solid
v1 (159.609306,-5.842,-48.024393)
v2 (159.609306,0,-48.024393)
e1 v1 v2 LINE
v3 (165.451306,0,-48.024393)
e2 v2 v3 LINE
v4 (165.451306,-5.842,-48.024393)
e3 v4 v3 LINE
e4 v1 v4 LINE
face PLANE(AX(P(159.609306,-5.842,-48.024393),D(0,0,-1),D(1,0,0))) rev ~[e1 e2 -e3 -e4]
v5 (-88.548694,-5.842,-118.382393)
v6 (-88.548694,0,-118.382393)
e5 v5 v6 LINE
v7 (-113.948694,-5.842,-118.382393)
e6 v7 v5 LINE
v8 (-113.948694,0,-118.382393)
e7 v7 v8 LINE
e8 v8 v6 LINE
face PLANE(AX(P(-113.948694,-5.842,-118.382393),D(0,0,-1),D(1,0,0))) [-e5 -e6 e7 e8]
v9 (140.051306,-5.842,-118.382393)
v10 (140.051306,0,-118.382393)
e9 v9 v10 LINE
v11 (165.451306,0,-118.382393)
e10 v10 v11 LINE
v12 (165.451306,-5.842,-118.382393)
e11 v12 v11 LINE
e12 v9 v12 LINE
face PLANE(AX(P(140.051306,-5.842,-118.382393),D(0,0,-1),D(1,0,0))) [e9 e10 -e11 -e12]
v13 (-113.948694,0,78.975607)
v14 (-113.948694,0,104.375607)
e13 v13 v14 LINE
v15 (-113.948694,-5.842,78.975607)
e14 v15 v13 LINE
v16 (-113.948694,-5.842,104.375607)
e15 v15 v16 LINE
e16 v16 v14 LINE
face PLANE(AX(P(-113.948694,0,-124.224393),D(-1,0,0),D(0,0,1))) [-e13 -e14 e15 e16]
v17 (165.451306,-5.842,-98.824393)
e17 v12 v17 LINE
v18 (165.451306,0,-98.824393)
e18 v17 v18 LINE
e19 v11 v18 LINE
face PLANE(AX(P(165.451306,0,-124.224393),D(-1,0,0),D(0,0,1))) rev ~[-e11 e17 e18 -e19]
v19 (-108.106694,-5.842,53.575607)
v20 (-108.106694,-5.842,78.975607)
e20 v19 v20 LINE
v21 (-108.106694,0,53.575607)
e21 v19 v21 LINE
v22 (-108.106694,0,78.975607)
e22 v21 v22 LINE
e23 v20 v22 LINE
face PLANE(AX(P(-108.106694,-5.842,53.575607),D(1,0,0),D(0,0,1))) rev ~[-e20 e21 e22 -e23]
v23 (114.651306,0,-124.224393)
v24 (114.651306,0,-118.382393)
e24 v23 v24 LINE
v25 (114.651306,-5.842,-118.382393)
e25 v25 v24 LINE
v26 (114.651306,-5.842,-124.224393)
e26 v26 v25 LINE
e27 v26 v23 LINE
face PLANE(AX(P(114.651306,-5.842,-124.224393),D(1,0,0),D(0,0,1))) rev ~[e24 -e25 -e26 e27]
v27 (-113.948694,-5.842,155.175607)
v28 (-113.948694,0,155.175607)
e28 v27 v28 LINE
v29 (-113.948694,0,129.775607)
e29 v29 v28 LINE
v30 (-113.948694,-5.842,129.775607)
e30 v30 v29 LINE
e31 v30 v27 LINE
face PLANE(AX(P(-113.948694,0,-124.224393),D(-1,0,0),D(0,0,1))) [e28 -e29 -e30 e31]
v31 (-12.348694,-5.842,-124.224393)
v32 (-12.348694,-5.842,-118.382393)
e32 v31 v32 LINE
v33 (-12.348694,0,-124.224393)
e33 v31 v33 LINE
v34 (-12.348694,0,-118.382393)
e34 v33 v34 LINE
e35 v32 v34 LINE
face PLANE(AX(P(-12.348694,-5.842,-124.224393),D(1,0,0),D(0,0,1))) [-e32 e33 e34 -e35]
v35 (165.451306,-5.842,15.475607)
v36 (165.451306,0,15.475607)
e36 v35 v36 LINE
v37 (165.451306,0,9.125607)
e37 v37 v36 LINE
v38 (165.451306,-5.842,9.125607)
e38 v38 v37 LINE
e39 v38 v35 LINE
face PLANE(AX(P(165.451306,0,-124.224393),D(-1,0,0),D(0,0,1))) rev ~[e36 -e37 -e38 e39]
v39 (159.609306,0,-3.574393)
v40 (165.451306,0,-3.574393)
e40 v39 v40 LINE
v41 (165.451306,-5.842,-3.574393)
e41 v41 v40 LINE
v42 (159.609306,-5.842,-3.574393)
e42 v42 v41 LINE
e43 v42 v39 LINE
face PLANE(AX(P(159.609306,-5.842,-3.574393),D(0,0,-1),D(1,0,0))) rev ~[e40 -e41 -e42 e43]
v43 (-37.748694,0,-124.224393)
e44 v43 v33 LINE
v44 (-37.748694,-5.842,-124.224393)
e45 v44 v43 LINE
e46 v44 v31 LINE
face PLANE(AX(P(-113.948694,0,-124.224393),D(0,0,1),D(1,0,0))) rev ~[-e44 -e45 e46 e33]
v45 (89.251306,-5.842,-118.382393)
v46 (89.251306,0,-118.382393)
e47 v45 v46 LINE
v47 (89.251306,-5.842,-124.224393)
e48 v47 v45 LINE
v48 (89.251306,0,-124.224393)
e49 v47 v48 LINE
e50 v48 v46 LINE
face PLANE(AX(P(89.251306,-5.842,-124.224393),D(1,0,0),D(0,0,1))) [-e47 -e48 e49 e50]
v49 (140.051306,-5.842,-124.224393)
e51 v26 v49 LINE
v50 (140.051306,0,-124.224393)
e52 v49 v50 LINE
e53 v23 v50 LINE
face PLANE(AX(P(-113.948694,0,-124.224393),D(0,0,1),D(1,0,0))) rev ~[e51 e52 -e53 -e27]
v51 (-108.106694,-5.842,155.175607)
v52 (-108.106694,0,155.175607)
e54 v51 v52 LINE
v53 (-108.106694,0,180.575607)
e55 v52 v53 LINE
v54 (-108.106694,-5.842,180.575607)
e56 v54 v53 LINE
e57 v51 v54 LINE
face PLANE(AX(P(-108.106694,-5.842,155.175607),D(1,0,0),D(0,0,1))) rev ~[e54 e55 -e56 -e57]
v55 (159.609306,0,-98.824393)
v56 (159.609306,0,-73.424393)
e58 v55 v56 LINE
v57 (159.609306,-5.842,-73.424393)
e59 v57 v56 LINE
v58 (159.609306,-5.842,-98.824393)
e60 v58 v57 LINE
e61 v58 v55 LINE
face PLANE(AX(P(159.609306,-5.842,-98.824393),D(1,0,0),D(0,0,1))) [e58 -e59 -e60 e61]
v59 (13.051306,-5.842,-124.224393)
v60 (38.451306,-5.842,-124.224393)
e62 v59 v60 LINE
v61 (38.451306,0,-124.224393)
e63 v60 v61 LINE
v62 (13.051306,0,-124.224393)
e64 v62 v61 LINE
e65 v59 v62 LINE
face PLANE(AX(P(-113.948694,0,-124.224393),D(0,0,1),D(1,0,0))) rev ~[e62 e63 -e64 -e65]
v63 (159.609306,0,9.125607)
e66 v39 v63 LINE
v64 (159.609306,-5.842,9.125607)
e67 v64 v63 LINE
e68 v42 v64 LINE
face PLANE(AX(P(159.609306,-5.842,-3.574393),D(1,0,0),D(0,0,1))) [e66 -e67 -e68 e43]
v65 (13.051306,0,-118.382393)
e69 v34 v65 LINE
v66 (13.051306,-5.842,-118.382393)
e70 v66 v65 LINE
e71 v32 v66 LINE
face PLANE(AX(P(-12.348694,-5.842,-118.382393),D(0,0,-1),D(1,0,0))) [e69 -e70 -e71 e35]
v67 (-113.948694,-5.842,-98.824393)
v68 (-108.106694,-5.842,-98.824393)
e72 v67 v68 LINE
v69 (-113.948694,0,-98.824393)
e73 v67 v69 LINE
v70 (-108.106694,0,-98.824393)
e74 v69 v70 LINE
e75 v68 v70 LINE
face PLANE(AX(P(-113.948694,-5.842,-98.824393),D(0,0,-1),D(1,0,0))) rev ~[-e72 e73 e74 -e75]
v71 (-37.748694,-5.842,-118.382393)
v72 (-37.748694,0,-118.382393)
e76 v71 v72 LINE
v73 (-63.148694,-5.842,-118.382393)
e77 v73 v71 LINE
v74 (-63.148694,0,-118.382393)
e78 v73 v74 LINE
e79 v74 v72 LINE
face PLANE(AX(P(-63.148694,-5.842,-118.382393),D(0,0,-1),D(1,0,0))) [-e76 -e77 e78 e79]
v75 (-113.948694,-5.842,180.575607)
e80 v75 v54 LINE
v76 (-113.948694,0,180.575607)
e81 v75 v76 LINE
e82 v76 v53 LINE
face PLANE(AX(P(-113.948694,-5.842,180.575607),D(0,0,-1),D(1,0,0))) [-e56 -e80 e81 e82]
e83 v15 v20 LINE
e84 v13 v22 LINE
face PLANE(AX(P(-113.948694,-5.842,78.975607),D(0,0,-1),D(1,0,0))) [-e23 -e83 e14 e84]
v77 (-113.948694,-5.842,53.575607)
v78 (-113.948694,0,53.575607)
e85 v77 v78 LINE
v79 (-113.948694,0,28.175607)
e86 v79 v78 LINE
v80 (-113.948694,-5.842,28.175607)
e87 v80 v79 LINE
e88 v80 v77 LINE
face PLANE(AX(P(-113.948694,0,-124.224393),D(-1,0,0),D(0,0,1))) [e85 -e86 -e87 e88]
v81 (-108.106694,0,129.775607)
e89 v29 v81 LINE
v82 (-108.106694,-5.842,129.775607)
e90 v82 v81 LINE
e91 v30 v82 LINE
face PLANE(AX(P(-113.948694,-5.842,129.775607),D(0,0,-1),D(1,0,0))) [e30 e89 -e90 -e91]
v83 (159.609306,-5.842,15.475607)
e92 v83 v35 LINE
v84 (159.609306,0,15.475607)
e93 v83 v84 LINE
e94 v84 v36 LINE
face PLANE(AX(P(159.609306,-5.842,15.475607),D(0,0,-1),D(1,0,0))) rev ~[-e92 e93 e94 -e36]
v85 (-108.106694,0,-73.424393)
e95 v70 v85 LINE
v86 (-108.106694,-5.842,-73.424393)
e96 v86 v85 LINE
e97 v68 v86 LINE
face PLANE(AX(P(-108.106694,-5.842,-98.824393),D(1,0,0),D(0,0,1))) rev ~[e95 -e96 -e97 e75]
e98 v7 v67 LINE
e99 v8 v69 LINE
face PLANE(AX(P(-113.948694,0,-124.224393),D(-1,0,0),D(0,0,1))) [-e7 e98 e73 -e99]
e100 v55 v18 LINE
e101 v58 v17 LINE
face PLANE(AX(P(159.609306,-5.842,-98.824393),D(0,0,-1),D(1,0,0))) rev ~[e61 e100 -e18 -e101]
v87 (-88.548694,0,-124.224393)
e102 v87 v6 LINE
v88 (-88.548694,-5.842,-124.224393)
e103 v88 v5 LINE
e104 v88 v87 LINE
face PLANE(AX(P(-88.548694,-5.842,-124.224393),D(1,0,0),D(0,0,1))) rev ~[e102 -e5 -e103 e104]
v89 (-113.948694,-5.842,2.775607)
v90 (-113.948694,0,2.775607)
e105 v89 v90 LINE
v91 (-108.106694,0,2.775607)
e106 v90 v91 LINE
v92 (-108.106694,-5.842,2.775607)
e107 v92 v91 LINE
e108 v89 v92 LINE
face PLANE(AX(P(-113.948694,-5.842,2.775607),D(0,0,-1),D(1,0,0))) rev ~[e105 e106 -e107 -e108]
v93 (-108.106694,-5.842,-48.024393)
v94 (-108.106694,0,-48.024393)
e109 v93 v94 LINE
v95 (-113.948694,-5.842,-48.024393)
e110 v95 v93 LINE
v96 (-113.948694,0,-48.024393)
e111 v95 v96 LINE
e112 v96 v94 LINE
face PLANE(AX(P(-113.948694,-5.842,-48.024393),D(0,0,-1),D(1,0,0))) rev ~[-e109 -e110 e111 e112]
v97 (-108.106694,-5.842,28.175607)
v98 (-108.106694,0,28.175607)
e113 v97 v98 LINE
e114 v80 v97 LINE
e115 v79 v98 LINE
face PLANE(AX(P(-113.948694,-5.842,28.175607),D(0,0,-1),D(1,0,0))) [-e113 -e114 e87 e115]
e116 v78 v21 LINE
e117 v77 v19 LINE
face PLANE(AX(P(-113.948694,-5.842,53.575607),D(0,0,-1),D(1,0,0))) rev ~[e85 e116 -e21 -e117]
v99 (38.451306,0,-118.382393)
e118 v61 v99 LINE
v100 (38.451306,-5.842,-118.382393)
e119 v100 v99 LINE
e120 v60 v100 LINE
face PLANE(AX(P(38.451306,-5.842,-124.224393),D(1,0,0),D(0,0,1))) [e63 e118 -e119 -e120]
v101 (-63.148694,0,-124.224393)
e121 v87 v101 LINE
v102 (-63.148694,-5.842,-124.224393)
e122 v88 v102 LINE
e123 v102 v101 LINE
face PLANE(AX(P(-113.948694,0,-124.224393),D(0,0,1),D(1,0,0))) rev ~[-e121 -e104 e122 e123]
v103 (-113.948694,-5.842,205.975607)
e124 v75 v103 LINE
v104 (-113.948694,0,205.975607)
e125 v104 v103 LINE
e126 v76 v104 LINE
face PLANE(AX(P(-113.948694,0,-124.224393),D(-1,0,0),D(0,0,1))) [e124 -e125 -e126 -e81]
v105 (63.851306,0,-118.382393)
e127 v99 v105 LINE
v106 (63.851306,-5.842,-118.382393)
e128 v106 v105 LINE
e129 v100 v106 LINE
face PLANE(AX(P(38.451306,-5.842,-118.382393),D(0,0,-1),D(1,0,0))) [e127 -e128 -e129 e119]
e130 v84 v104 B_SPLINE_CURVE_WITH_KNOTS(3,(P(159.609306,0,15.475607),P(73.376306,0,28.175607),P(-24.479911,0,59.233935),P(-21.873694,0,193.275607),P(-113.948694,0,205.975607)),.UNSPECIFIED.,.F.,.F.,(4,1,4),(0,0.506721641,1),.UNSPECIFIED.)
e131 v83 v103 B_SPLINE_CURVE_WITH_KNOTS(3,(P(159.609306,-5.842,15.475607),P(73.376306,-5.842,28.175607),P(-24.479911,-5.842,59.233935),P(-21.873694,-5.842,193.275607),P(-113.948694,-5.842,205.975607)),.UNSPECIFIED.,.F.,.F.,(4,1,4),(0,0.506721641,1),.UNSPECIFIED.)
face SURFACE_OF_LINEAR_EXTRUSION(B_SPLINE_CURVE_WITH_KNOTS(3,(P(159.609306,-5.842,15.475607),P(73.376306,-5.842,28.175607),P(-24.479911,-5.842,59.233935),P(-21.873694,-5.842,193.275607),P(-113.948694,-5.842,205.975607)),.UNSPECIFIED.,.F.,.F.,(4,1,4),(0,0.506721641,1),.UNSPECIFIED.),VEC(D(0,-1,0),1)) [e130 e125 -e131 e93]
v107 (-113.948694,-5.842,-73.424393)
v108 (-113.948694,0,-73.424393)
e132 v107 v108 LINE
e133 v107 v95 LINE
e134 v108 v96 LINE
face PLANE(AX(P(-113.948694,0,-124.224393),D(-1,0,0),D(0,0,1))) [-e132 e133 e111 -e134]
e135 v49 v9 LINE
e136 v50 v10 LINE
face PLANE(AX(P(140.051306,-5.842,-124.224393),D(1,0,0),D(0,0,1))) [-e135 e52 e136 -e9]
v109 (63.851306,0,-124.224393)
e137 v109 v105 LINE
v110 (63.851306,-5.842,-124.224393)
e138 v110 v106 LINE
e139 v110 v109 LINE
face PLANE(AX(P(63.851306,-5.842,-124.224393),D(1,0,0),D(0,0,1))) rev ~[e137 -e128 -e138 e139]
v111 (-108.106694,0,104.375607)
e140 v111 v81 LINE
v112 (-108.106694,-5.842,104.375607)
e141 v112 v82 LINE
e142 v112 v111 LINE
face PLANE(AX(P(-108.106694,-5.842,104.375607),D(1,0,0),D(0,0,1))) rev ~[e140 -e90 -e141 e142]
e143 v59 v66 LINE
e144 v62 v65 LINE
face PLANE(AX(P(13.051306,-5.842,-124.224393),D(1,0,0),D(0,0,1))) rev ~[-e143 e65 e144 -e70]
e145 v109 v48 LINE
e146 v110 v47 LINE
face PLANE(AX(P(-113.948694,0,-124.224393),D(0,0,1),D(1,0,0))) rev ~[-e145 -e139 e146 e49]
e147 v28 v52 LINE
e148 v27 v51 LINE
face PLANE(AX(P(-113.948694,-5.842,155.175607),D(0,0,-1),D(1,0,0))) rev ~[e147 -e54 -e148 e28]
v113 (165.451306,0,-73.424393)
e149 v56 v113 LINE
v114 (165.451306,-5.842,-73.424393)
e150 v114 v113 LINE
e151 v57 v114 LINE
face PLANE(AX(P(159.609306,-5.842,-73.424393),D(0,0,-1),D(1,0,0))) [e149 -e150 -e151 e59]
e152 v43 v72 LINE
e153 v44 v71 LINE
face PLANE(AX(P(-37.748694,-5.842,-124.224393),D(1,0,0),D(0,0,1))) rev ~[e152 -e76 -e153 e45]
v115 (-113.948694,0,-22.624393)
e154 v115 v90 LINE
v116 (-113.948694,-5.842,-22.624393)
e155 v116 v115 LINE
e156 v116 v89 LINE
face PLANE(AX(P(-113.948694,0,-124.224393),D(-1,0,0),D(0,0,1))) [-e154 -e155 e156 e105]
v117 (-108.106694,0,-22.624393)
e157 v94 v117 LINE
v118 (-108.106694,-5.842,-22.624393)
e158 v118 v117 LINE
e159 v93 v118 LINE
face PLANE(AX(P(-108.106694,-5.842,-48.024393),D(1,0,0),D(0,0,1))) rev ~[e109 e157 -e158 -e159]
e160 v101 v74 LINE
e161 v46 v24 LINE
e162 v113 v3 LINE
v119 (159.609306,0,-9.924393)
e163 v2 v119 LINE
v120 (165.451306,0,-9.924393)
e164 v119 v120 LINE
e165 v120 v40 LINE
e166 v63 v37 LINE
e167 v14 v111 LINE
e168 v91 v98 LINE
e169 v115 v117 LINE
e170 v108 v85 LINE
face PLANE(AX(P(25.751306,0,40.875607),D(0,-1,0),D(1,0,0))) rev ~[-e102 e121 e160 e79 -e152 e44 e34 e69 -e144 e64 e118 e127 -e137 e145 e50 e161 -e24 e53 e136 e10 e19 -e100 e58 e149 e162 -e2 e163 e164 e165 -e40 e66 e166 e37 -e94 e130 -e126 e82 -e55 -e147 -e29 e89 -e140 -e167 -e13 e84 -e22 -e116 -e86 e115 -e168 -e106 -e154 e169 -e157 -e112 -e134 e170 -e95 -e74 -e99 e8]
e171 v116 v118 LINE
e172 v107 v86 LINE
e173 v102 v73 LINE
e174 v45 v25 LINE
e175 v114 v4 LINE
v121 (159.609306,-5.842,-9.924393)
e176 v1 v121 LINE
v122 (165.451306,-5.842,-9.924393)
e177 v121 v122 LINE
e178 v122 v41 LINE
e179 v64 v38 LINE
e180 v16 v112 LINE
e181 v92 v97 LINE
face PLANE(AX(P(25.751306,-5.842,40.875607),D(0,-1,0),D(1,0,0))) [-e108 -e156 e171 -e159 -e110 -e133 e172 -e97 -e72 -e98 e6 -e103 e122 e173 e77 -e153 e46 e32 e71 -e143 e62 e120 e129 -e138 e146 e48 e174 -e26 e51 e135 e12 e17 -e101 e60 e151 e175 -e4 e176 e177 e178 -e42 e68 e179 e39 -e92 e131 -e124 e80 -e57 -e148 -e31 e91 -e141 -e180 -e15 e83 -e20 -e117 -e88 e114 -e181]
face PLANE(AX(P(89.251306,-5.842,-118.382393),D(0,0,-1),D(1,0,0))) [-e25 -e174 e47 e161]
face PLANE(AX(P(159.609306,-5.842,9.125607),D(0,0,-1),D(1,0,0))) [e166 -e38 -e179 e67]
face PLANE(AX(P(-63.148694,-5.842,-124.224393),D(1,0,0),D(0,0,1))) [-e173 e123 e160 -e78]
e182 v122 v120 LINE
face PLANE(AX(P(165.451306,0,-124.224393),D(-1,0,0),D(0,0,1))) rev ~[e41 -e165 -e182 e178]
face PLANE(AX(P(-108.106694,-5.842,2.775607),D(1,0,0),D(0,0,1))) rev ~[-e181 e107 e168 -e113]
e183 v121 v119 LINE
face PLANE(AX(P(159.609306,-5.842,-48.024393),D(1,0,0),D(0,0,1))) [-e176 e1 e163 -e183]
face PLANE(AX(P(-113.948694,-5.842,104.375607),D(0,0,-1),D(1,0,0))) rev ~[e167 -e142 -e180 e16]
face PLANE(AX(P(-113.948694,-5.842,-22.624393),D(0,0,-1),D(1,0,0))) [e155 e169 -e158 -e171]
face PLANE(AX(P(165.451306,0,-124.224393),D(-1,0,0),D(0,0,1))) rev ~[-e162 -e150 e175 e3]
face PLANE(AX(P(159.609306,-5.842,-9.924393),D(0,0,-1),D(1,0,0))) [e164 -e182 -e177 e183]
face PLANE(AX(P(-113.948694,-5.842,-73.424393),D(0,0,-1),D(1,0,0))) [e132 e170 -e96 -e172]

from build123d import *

# Parameters (mm, degrees)
F0_W     = 279.4
F0_H     = 330.2
F1_DEPTH = 5.842
F2_W     = 25.4
F2_H     = 5.842
F2_W_2   = 5.842
F2_H_2   = 25.4
F2_H_3   = 38.1
F3_DEPTH = 5.842
F5_DEPTH = 5.842
F6_W     = 5.842
F6_H     = 12.7
F7_DEPTH = 5.842
F8_R     = 3.175
F9_DEPTH = 5.842


with BuildPart() as f1:
    # F0 (on Front) → F1 (new body)
    with BuildSketch(Plane.XZ):
        with Locations((25.751306051, 40.8756073241)):
            Rectangle(F0_W, F0_H)
    extrude(amount=F1_DEPTH)

    # F2 (on face) → F3 (cut, through all)
    with BuildSketch(Plane.XZ.offset(5.842)):
        with Locations((152.751306051, -121.3033926759)):
            Rectangle(F2_W, F2_H)
        with Locations((101.951306051, -121.3033926759)):
            Rectangle(F2_W, F2_H)
        with Locations((51.151306051, -121.3033926759)):
            Rectangle(F2_W, F2_H)
        with Locations((0.351306051, -121.3033926759)):
            Rectangle(F2_W, F2_H)
        with Locations((-50.448693949, -121.3033926759)):
            Rectangle(F2_W, F2_H)
        with Locations((162.530306051, -86.1243926759)):
            Rectangle(F2_W_2, F2_H_2)
        with Locations((162.530306051, -28.9743926759)):
            Rectangle(F2_W_2, F2_H_3)
        with Locations((-111.027693949, -86.1243926759)):
            Rectangle(F2_W_2, F2_H_2)
        with Locations((-111.027693949, -35.3243926759)):
            Rectangle(F2_W_2, F2_H_2)
        with Locations((-111.027693949, 15.4756073241)):
            Rectangle(F2_W_2, F2_H_2)
        with Locations((-111.027693949, 66.2756073241)):
            Rectangle(F2_W_2, F2_H_2)
        with Locations((-111.027693949, 167.8756073241)):
            Rectangle(F2_W_2, F2_H_2)
        with Locations((-111.027693949, 117.0756073241)):
            Rectangle(F2_W_2, F2_H_2)
        with Locations((-101.248693949, -121.3033926759)):
            Rectangle(F2_W, F2_H)
    extrude(amount=-F3_DEPTH, mode=Mode.SUBTRACT)

    # F4 (on face) → F5 (cut, through all)
    with BuildSketch(Plane.XZ.offset(5.842)):
        with BuildLine():
            add(Edge.make_bspline(
                [(159.609306051, 15.4756073241), (73.376306051, 28.1756073241), (-24.4799113405, 59.233935121), (-21.873693949, 193.2756073241), (-113.948693949, 205.9756073241)],
                knots=[0, 0, 0, 0, 0.5067216409, 1, 1, 1, 1], degree=3))
            Line((159.609306051, 15.4756073241), (165.451306051, 15.4756073241))
            Line((165.451306051, 15.4756073241), (165.451306051, 205.9756073241))
            Line((165.451306051, 205.9756073241), (-113.948693949, 205.9756073241))
        make_face()
    extrude(amount=-F5_DEPTH, mode=Mode.SUBTRACT)

    # F6 (on face) → F7 (cut, through all)
    with BuildSketch(Plane.XZ.offset(5.842)):
        with Locations((162.530306051, 2.7756073241)):
            Rectangle(F6_W, F6_H)
    extrude(amount=-F7_DEPTH, mode=Mode.SUBTRACT)

    # F8 (on face) → F9 (cut, through all)
    with BuildSketch(Plane.XZ.offset(5.842)):
        with Locations((-37.748693949, 190.1641073241)):
            Circle(F8_R)
    extrude(amount=-F9_DEPTH, mode=Mode.SUBTRACT)


solid = f1.part
